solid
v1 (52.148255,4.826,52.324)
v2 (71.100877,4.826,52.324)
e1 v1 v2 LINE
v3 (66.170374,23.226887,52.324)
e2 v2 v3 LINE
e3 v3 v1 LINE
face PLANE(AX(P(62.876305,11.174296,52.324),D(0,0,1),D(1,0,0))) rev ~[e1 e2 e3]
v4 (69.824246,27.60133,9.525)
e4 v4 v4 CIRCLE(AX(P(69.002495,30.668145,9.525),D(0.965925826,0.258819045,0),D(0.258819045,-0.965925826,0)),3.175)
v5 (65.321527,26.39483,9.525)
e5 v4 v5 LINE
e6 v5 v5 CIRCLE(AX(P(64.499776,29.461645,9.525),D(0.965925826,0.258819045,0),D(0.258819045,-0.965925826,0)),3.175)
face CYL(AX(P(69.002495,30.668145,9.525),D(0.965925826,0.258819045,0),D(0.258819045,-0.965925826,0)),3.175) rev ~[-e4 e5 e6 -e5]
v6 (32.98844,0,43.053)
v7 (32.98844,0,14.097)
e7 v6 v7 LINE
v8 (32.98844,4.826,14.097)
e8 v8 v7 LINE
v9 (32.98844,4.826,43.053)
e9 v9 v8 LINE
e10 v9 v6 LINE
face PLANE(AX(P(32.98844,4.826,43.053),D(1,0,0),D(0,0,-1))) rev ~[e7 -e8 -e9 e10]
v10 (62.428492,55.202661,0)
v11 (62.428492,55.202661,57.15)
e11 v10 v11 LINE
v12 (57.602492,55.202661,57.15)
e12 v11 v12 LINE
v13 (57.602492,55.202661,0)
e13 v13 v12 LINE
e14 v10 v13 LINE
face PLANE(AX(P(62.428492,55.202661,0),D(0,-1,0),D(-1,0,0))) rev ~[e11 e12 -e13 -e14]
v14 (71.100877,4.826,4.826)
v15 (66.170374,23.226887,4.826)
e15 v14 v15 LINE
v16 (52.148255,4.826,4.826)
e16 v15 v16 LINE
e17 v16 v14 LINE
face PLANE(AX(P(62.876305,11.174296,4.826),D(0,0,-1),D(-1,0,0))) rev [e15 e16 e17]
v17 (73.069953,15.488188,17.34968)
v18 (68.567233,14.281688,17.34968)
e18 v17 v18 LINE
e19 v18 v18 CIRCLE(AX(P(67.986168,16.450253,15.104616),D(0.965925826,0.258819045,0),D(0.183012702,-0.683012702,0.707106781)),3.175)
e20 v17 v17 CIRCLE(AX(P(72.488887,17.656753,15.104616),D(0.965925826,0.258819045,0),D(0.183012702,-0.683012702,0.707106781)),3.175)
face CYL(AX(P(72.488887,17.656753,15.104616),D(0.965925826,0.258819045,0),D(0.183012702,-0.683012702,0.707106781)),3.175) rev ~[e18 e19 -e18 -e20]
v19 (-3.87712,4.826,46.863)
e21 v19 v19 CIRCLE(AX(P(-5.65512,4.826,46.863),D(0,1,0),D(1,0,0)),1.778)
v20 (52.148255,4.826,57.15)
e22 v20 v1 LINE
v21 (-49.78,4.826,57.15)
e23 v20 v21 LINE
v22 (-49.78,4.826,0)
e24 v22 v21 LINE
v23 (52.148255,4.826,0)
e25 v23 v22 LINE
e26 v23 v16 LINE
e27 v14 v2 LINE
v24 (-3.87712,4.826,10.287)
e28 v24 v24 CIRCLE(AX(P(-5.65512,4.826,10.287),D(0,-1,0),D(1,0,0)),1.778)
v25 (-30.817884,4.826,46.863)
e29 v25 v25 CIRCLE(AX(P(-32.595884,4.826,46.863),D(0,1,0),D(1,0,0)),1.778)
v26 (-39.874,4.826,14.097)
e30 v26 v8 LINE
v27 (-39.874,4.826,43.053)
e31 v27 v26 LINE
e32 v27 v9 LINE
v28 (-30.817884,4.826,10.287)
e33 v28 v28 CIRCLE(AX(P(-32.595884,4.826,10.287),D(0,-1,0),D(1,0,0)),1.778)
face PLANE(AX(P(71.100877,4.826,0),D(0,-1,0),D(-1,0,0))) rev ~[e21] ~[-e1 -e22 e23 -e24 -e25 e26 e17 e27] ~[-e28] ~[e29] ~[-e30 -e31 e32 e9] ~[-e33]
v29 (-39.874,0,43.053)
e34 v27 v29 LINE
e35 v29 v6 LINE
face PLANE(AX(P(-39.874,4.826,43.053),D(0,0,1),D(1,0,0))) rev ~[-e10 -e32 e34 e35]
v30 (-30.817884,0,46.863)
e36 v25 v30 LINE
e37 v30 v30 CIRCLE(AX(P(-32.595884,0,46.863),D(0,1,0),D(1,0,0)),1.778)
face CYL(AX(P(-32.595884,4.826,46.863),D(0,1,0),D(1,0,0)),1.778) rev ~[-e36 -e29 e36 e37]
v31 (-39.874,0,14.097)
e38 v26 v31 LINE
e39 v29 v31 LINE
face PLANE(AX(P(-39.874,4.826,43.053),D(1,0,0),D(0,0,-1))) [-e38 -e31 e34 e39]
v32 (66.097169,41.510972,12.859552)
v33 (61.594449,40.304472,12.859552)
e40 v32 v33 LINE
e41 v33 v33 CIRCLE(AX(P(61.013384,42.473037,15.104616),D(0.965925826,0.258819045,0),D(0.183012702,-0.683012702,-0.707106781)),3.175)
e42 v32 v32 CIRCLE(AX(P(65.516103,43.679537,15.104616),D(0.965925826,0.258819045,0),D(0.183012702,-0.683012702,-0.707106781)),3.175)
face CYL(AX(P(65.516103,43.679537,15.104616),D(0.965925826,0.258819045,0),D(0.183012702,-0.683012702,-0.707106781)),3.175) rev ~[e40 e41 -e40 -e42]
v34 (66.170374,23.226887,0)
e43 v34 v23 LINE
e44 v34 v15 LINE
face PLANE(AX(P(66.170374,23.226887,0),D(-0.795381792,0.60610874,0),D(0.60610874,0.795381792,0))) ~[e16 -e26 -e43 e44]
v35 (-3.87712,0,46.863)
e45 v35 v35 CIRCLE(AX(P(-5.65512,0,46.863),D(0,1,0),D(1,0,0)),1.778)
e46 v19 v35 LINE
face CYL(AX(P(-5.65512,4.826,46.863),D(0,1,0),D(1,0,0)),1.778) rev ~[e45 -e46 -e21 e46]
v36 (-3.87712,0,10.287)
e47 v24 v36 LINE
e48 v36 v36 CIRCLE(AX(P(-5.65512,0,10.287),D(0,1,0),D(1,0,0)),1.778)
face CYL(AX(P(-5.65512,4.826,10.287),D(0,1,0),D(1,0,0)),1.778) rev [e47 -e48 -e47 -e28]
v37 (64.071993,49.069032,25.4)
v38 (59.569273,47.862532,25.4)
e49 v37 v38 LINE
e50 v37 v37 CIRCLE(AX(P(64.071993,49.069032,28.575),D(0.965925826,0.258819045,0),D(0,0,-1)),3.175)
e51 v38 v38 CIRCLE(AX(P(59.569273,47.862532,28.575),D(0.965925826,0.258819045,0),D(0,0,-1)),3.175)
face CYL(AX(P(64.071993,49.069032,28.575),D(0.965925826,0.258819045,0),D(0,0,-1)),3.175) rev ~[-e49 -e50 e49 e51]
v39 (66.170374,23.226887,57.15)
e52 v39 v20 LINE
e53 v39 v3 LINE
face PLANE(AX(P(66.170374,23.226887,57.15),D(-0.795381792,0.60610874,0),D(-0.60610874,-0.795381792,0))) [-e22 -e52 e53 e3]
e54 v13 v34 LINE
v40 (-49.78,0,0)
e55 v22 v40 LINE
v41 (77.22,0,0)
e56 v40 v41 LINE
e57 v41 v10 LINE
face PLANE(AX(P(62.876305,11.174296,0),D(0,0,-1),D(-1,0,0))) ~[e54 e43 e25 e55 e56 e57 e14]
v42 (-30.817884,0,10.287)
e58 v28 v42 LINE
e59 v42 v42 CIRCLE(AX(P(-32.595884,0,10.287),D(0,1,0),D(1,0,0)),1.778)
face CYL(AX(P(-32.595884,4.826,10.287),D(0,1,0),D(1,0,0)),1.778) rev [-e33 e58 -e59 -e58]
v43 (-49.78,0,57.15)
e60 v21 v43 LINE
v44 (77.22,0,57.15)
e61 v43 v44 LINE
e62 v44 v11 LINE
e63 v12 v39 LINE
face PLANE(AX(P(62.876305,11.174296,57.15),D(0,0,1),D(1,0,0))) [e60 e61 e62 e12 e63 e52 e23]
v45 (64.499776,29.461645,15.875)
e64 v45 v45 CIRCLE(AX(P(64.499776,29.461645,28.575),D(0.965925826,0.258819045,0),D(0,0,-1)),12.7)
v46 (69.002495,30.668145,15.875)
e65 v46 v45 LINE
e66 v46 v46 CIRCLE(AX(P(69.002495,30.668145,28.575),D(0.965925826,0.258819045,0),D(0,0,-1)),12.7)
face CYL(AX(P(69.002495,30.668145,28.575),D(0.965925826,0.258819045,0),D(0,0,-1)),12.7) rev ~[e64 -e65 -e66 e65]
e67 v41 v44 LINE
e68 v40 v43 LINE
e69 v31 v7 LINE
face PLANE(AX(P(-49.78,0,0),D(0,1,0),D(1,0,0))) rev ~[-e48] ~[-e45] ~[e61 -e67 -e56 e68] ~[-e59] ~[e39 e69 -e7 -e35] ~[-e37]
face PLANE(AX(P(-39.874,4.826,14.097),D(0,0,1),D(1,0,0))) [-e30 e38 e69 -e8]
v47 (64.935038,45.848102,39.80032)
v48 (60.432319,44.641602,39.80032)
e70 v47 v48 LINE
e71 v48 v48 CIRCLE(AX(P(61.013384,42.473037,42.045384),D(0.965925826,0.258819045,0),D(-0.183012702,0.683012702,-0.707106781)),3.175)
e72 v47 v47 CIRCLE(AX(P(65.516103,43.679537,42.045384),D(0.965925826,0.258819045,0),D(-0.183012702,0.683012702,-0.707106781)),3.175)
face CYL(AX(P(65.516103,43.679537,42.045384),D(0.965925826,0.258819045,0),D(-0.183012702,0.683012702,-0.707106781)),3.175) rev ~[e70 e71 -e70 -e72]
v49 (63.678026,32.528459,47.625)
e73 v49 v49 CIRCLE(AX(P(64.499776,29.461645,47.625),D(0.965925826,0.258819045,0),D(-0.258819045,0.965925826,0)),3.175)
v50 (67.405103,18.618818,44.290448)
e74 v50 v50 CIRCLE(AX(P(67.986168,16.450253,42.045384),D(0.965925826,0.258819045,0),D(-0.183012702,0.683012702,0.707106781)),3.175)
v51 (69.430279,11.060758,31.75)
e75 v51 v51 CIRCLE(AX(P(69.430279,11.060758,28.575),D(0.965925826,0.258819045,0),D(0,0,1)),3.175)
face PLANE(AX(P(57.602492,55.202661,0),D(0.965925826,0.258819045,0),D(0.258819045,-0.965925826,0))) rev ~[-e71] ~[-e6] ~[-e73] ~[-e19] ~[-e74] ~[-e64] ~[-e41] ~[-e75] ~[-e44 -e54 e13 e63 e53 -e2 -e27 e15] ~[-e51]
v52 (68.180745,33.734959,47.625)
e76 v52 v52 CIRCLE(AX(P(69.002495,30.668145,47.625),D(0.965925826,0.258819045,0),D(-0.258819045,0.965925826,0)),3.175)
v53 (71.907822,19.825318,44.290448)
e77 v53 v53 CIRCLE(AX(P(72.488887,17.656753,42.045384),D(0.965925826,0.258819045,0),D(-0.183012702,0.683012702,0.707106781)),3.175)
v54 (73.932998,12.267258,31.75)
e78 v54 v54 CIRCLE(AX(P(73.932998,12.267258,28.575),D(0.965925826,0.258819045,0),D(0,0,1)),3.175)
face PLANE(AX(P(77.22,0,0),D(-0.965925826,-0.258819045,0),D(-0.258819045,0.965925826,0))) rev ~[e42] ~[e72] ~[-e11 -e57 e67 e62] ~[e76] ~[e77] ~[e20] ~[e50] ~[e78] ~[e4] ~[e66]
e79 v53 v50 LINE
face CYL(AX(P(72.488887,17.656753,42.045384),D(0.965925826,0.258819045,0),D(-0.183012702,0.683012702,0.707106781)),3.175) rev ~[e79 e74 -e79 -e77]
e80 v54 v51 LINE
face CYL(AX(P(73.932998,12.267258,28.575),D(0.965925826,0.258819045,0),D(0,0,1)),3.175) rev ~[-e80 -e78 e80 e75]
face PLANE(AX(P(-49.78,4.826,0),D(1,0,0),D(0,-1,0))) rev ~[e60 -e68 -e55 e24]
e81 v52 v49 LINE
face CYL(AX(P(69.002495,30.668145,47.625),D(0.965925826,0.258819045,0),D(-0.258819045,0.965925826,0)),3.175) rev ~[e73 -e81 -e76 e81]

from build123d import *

# Parameters (mm, degrees)
BOSS_EXTRUDE1_DEPTH = 57.15
BOSS_EXTRUDE2_DEPTH = 4.826
CUT_EXTRUDE1_REACH  = 124.673
SKETCH9_R           = 12.7
SKETCH11_R          = 3.175
CUT_EXTRUDE2_DEPTH  = 4.661558
CIRPATTERN1_COUNT   = 8
SKETCH12_R          = 1.778
SKETCH12_W          = 72.86244
SKETCH12_H          = 28.956
CUT_EXTRUDE4_DEPTH  = 5.826


with BuildPart() as part:
    # Sketch3 → Boss-Extrude1 (new body)
    with BuildSketch(Plane.XY):
        Polygon((-49.78, 0), (77.22, 0), (62.428491572, 55.202660972), (57.602491572, 55.202660972), (71.100877197, 4.826), (-49.78, 4.826), align=None)
    extrude(amount=BOSS_EXTRUDE1_DEPTH)

    # Sketch5 → Boss-Extrude2 (add)
    with BuildSketch(Plane.XY.offset(57.15)):
        Polygon((52.148255035, 4.826), (71.100877197, 4.826), (66.170374388, 23.226886991), align=None)
    boss_extrude2 = extrude(amount=-BOSS_EXTRUDE2_DEPTH)

    # Mirror1: Boss-Extrude2 across plane
    add(boss_extrude2.mirror(Plane(origin=(0, 0, 28.575), x_dir=(1, 0, 0), z_dir=(0, 0, -1))))

    # Sketch9 → Cut-Extrude1 (cut, up to next)
    with BuildSketch(Plane(origin=(72.04724084, 19.305, 0), x_dir=(0, 0, -1), z_dir=(0.965925826, 0.258819045, 0)), mode=Mode.PRIVATE) as cut_extrude1_sk1:
        with Locations((-28.575, 11.763993337)):
            Circle(SKETCH9_R)
    cut_extrude1_tool1 = extrude(cut_extrude1_sk1.sketch, amount=-CUT_EXTRUDE1_REACH, mode=Mode.PRIVATE) & part.part
    add(cut_extrude1_tool1.solids().sort_by_distance((69.002495, 30.668145, 28.575))[0], mode=Mode.SUBTRACT)

    # Sketch11 → Cut-Extrude2 (cut)
    with BuildSketch(Plane(origin=(72.04724084, 19.305, 0), x_dir=(0, 0, -1), z_dir=(0.965925826, 0.258819045, 0))):
        with Locations((-28.575, 30.813993337)):
            Circle(SKETCH11_R)
    cut_extrude2 = extrude(amount=-CUT_EXTRUDE2_DEPTH, mode=Mode.SUBTRACT)

    # CirPattern1: Cut-Extrude2 ×8 about axis
    cirpattern1_axis = Axis((-3.044745522, 11.363144985, 28.575), (0.965925826, 0.258819045, 0))
    for i in range(1, CIRPATTERN1_COUNT):
        add(cut_extrude2.rotate(cirpattern1_axis, i * 360 / CIRPATTERN1_COUNT), mode=Mode.SUBTRACT)

    # Sketch12 → Cut-Extrude4 (cut, through all)
    with BuildSketch(Plane(origin=(0, 4.826, 0), x_dir=(1, 0, 0), z_dir=(0, 1, 0))):
        with Locations((-32.595884, -46.863)):
            Circle(SKETCH12_R)
        with Locations((-5.65512, -46.863)):
            Circle(SKETCH12_R)
        with Locations((-3.44278, -28.575)):
            Rectangle(SKETCH12_W, SKETCH12_H)
    cut_extrude4 = extrude(amount=-CUT_EXTRUDE4_DEPTH, mode=Mode.SUBTRACT)

    # Mirror4: Cut-Extrude4 across plane
    add(cut_extrude4.mirror(Plane(origin=(0, 0, 28.575), x_dir=(1, 0, 0), z_dir=(0, 0, -1))), mode=Mode.SUBTRACT)


solid = part.part
